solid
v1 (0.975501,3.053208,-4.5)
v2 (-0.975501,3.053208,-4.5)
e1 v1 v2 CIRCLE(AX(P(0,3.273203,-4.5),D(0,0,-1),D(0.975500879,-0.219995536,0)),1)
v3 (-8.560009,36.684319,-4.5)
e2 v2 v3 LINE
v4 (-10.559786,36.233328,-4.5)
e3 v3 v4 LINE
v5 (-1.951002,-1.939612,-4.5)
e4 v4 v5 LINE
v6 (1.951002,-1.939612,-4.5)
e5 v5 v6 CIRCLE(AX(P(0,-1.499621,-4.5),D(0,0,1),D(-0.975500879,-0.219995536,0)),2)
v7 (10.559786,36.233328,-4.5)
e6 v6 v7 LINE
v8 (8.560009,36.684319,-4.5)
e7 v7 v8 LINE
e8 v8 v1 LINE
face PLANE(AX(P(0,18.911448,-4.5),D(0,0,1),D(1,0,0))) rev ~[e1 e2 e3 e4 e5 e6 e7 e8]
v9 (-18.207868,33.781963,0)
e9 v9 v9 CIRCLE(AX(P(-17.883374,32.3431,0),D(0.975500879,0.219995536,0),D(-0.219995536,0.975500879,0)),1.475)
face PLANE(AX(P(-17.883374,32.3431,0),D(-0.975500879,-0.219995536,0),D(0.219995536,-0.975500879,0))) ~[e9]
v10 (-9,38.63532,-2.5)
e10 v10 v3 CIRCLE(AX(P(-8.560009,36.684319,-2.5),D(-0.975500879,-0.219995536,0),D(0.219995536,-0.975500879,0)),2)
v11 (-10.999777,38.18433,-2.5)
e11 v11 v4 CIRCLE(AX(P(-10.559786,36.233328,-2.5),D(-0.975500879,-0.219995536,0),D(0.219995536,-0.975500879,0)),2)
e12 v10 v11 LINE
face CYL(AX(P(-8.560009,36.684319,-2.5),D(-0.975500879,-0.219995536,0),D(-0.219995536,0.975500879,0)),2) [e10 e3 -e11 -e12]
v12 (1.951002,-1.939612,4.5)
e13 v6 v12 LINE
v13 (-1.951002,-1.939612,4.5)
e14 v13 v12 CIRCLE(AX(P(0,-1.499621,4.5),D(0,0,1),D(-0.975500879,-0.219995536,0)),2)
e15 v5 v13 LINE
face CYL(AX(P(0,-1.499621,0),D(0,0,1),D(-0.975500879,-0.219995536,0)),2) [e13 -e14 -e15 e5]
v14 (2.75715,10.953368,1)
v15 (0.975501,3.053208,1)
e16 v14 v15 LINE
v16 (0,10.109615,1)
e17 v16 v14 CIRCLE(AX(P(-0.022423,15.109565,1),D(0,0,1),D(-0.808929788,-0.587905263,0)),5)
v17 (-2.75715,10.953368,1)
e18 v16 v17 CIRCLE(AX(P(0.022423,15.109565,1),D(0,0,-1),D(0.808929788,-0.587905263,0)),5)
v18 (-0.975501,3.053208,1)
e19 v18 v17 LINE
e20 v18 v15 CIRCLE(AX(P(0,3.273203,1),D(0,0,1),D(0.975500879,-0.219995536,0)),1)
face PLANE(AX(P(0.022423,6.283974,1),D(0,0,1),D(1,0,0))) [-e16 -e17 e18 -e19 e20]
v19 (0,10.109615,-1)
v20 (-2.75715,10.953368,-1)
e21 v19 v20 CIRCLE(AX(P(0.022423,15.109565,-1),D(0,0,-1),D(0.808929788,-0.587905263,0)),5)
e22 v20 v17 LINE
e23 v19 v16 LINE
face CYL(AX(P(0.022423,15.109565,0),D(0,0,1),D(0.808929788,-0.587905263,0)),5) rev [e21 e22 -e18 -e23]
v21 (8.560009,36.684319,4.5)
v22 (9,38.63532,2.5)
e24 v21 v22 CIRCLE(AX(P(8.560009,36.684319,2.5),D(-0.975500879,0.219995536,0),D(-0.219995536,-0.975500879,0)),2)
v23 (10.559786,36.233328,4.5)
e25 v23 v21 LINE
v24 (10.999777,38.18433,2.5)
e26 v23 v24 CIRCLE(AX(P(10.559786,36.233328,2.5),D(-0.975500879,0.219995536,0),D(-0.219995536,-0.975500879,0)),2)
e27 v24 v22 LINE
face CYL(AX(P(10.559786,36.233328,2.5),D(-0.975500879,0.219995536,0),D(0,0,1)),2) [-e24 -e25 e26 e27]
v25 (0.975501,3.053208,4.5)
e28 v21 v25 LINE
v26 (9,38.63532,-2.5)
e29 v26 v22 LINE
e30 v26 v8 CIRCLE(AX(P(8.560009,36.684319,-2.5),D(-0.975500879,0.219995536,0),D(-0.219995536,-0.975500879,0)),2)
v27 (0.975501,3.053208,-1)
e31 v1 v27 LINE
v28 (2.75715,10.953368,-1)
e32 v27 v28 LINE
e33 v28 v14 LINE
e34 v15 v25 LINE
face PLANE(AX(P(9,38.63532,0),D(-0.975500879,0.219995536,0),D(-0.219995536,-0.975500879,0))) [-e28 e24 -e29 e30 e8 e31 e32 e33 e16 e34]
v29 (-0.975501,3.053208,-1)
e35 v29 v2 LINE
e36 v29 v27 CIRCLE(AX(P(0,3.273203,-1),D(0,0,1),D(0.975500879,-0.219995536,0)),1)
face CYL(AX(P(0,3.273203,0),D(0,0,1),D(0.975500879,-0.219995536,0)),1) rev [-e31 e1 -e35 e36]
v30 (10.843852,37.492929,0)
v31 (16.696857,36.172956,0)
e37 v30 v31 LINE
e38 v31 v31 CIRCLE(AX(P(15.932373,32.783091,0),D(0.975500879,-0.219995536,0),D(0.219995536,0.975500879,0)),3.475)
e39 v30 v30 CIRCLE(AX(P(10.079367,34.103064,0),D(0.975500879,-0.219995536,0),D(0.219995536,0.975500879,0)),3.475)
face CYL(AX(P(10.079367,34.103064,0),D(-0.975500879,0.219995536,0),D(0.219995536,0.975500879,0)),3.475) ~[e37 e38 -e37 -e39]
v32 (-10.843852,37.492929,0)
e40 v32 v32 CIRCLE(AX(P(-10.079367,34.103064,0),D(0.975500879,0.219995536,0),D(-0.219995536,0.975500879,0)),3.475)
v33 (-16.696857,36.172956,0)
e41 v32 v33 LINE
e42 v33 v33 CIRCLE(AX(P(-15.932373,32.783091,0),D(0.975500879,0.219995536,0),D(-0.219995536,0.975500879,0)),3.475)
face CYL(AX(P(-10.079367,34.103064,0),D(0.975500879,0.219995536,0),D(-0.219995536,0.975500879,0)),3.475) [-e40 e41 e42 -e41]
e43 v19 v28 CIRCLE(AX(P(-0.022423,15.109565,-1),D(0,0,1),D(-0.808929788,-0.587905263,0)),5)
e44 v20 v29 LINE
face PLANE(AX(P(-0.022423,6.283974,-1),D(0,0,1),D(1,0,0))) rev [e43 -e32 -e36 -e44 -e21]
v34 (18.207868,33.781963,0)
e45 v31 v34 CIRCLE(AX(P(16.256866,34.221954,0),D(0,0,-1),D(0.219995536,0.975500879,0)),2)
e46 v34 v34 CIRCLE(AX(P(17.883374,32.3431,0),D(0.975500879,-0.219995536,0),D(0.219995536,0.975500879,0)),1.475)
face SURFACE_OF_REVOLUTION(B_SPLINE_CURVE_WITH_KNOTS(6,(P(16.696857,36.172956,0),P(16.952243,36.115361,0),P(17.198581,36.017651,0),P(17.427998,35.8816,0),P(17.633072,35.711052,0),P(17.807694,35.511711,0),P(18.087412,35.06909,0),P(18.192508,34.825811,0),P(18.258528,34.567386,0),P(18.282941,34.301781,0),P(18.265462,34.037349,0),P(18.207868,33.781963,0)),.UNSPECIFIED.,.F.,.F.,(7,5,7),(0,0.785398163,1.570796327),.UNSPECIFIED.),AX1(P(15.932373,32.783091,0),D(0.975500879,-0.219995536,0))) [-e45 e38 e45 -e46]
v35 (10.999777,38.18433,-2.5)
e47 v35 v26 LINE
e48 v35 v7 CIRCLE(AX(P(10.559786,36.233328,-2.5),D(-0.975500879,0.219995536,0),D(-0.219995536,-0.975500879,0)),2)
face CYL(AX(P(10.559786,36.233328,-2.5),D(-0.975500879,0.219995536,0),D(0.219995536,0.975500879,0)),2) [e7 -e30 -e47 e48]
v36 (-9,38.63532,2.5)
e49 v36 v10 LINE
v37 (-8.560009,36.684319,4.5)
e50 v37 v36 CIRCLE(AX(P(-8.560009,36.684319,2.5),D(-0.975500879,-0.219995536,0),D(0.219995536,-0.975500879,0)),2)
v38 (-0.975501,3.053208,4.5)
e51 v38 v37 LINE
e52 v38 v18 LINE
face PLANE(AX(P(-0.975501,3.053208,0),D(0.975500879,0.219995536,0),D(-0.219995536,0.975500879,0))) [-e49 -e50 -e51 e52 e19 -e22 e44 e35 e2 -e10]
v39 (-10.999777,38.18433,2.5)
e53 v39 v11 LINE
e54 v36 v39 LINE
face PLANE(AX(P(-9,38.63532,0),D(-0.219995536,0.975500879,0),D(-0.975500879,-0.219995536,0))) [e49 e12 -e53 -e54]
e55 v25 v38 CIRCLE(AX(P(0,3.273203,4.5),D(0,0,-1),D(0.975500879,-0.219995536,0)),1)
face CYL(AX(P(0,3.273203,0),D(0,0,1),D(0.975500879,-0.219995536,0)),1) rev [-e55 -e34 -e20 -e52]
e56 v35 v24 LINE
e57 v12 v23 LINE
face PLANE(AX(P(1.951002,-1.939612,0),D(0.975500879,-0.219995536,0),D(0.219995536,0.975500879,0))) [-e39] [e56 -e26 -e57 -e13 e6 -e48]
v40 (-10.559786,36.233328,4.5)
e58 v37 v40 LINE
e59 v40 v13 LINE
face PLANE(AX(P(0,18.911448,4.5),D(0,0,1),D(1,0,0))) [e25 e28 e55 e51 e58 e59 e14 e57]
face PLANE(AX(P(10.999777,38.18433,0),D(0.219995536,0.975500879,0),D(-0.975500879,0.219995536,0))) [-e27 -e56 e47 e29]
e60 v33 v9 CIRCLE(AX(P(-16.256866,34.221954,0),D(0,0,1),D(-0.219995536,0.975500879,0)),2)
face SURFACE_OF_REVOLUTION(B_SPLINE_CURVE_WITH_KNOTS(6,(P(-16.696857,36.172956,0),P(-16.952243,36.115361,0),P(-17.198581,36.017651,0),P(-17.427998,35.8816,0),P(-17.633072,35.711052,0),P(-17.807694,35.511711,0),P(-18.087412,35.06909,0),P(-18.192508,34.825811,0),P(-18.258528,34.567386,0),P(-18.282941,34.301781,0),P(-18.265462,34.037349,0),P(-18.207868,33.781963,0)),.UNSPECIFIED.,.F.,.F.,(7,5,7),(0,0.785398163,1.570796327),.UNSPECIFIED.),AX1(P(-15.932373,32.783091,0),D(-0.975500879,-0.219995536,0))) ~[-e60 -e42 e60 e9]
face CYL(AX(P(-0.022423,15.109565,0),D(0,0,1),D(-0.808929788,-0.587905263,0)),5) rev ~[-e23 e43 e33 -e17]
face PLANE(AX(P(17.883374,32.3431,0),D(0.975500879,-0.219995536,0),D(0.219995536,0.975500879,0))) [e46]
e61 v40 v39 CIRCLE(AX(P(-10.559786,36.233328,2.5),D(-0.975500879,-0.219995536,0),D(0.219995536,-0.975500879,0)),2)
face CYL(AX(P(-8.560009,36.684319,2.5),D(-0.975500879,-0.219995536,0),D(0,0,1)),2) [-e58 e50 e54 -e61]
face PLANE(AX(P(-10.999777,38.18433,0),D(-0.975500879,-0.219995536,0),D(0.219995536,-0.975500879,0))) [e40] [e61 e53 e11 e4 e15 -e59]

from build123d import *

# Parameters (mm, degrees)
F1_DEPTH      = 4.5
F1_DEPTH_BACK = 4.5
F3_DEPTH      = 1
F3_DEPTH_BACK = 1
F4_R          = 3.475
F5_DEPTH      = 8
F6_R          = 2
F8_R          = 2


with BuildPart() as f1:
    # F0 (on Top) → F1 (new body, two sides)
    with BuildSketch(Plane.XY) as f1_sk:
        with BuildLine():
            Line((-10.9997768011, 38.1843295809), (-1.9510017572, -1.9396118641))
            ThreePointArc((-1.9510017572, -1.9396118641), (0, -3.499620792), (1.9510017572, -1.9396118641))
            Line((1.9510017572, -1.9396118641), (10.9997768011, 38.1843295809))
            Line((10.9997768011, 38.1843295809), (9, 38.6353204298))
            Line((9, 38.6353204298), (0.9755008786, 3.0532077891))
            ThreePointArc((0.9755008786, 3.0532077891), (0, 2.2732033252), (-0.9755008786, 3.0532077891))
            Line((-0.9755008786, 3.0532077891), (-9, 38.6353204298))
            Line((-9, 38.6353204298), (-10.9997768011, 38.1843295809))
        make_face()
    extrude(amount=F1_DEPTH)
    extrude(f1_sk.sketch, amount=-F1_DEPTH_BACK)

    # F2 (on Top) → F3 (join, two sides)
    with BuildSketch(Plane.XY) as f3_sk:
        with BuildLine():
            ThreePointArc((4.067072408, 12.170038485), (0.0224234698, 10.1095648017), (-4.0222254685, 12.170038485))
            Line((-4.0222254685, 12.170038485), (-1.7974023818, -0.8990558693))
            Line((-1.7974023818, -0.8990558693), (1.8422493213, -0.8990558693))
            Line((1.8422493213, -0.8990558693), (4.067072408, 12.170038485))
        make_face()
    extrude(amount=F3_DEPTH)
    extrude(f3_sk.sketch, amount=-F3_DEPTH_BACK)

    # F4 (on face) → F5 (join)
    with BuildSketch(Plane(origin=(2.2728291349, -0.5125697729, 0), x_dir=(0.219995536, 0.9755008786, 0), z_dir=(0.9755008786, -0.219995536, 0))):
        with Locations((35.4849845171, 0)):
            Circle(F4_R)
    extrude(amount=F5_DEPTH)

    # F6
    f6_edges = [f1.edges().sort_by_distance(p)[0] for p in [
        (17.11889, 28.953234, 0),
    ]]
    fillet(f6_edges, radius=F6_R)

    # F7: F1 across plane


with BuildPart() as f1_1:
    add(f1.part)
    add(f1.part.mirror(Plane.YZ))

    # F8
    f8_edges = [f1_1.edges().sort_by_distance(p)[0] for p in [
        (9.999888, 38.409825, 4.5),
        (9.999888, 38.409825, -4.5),
        (-9.999888, 38.409825, -4.5),
        (-9.999888, 38.409825, 4.5),
    ]]
    fillet(f8_edges, radius=F8_R)


solid = f1_1.part
